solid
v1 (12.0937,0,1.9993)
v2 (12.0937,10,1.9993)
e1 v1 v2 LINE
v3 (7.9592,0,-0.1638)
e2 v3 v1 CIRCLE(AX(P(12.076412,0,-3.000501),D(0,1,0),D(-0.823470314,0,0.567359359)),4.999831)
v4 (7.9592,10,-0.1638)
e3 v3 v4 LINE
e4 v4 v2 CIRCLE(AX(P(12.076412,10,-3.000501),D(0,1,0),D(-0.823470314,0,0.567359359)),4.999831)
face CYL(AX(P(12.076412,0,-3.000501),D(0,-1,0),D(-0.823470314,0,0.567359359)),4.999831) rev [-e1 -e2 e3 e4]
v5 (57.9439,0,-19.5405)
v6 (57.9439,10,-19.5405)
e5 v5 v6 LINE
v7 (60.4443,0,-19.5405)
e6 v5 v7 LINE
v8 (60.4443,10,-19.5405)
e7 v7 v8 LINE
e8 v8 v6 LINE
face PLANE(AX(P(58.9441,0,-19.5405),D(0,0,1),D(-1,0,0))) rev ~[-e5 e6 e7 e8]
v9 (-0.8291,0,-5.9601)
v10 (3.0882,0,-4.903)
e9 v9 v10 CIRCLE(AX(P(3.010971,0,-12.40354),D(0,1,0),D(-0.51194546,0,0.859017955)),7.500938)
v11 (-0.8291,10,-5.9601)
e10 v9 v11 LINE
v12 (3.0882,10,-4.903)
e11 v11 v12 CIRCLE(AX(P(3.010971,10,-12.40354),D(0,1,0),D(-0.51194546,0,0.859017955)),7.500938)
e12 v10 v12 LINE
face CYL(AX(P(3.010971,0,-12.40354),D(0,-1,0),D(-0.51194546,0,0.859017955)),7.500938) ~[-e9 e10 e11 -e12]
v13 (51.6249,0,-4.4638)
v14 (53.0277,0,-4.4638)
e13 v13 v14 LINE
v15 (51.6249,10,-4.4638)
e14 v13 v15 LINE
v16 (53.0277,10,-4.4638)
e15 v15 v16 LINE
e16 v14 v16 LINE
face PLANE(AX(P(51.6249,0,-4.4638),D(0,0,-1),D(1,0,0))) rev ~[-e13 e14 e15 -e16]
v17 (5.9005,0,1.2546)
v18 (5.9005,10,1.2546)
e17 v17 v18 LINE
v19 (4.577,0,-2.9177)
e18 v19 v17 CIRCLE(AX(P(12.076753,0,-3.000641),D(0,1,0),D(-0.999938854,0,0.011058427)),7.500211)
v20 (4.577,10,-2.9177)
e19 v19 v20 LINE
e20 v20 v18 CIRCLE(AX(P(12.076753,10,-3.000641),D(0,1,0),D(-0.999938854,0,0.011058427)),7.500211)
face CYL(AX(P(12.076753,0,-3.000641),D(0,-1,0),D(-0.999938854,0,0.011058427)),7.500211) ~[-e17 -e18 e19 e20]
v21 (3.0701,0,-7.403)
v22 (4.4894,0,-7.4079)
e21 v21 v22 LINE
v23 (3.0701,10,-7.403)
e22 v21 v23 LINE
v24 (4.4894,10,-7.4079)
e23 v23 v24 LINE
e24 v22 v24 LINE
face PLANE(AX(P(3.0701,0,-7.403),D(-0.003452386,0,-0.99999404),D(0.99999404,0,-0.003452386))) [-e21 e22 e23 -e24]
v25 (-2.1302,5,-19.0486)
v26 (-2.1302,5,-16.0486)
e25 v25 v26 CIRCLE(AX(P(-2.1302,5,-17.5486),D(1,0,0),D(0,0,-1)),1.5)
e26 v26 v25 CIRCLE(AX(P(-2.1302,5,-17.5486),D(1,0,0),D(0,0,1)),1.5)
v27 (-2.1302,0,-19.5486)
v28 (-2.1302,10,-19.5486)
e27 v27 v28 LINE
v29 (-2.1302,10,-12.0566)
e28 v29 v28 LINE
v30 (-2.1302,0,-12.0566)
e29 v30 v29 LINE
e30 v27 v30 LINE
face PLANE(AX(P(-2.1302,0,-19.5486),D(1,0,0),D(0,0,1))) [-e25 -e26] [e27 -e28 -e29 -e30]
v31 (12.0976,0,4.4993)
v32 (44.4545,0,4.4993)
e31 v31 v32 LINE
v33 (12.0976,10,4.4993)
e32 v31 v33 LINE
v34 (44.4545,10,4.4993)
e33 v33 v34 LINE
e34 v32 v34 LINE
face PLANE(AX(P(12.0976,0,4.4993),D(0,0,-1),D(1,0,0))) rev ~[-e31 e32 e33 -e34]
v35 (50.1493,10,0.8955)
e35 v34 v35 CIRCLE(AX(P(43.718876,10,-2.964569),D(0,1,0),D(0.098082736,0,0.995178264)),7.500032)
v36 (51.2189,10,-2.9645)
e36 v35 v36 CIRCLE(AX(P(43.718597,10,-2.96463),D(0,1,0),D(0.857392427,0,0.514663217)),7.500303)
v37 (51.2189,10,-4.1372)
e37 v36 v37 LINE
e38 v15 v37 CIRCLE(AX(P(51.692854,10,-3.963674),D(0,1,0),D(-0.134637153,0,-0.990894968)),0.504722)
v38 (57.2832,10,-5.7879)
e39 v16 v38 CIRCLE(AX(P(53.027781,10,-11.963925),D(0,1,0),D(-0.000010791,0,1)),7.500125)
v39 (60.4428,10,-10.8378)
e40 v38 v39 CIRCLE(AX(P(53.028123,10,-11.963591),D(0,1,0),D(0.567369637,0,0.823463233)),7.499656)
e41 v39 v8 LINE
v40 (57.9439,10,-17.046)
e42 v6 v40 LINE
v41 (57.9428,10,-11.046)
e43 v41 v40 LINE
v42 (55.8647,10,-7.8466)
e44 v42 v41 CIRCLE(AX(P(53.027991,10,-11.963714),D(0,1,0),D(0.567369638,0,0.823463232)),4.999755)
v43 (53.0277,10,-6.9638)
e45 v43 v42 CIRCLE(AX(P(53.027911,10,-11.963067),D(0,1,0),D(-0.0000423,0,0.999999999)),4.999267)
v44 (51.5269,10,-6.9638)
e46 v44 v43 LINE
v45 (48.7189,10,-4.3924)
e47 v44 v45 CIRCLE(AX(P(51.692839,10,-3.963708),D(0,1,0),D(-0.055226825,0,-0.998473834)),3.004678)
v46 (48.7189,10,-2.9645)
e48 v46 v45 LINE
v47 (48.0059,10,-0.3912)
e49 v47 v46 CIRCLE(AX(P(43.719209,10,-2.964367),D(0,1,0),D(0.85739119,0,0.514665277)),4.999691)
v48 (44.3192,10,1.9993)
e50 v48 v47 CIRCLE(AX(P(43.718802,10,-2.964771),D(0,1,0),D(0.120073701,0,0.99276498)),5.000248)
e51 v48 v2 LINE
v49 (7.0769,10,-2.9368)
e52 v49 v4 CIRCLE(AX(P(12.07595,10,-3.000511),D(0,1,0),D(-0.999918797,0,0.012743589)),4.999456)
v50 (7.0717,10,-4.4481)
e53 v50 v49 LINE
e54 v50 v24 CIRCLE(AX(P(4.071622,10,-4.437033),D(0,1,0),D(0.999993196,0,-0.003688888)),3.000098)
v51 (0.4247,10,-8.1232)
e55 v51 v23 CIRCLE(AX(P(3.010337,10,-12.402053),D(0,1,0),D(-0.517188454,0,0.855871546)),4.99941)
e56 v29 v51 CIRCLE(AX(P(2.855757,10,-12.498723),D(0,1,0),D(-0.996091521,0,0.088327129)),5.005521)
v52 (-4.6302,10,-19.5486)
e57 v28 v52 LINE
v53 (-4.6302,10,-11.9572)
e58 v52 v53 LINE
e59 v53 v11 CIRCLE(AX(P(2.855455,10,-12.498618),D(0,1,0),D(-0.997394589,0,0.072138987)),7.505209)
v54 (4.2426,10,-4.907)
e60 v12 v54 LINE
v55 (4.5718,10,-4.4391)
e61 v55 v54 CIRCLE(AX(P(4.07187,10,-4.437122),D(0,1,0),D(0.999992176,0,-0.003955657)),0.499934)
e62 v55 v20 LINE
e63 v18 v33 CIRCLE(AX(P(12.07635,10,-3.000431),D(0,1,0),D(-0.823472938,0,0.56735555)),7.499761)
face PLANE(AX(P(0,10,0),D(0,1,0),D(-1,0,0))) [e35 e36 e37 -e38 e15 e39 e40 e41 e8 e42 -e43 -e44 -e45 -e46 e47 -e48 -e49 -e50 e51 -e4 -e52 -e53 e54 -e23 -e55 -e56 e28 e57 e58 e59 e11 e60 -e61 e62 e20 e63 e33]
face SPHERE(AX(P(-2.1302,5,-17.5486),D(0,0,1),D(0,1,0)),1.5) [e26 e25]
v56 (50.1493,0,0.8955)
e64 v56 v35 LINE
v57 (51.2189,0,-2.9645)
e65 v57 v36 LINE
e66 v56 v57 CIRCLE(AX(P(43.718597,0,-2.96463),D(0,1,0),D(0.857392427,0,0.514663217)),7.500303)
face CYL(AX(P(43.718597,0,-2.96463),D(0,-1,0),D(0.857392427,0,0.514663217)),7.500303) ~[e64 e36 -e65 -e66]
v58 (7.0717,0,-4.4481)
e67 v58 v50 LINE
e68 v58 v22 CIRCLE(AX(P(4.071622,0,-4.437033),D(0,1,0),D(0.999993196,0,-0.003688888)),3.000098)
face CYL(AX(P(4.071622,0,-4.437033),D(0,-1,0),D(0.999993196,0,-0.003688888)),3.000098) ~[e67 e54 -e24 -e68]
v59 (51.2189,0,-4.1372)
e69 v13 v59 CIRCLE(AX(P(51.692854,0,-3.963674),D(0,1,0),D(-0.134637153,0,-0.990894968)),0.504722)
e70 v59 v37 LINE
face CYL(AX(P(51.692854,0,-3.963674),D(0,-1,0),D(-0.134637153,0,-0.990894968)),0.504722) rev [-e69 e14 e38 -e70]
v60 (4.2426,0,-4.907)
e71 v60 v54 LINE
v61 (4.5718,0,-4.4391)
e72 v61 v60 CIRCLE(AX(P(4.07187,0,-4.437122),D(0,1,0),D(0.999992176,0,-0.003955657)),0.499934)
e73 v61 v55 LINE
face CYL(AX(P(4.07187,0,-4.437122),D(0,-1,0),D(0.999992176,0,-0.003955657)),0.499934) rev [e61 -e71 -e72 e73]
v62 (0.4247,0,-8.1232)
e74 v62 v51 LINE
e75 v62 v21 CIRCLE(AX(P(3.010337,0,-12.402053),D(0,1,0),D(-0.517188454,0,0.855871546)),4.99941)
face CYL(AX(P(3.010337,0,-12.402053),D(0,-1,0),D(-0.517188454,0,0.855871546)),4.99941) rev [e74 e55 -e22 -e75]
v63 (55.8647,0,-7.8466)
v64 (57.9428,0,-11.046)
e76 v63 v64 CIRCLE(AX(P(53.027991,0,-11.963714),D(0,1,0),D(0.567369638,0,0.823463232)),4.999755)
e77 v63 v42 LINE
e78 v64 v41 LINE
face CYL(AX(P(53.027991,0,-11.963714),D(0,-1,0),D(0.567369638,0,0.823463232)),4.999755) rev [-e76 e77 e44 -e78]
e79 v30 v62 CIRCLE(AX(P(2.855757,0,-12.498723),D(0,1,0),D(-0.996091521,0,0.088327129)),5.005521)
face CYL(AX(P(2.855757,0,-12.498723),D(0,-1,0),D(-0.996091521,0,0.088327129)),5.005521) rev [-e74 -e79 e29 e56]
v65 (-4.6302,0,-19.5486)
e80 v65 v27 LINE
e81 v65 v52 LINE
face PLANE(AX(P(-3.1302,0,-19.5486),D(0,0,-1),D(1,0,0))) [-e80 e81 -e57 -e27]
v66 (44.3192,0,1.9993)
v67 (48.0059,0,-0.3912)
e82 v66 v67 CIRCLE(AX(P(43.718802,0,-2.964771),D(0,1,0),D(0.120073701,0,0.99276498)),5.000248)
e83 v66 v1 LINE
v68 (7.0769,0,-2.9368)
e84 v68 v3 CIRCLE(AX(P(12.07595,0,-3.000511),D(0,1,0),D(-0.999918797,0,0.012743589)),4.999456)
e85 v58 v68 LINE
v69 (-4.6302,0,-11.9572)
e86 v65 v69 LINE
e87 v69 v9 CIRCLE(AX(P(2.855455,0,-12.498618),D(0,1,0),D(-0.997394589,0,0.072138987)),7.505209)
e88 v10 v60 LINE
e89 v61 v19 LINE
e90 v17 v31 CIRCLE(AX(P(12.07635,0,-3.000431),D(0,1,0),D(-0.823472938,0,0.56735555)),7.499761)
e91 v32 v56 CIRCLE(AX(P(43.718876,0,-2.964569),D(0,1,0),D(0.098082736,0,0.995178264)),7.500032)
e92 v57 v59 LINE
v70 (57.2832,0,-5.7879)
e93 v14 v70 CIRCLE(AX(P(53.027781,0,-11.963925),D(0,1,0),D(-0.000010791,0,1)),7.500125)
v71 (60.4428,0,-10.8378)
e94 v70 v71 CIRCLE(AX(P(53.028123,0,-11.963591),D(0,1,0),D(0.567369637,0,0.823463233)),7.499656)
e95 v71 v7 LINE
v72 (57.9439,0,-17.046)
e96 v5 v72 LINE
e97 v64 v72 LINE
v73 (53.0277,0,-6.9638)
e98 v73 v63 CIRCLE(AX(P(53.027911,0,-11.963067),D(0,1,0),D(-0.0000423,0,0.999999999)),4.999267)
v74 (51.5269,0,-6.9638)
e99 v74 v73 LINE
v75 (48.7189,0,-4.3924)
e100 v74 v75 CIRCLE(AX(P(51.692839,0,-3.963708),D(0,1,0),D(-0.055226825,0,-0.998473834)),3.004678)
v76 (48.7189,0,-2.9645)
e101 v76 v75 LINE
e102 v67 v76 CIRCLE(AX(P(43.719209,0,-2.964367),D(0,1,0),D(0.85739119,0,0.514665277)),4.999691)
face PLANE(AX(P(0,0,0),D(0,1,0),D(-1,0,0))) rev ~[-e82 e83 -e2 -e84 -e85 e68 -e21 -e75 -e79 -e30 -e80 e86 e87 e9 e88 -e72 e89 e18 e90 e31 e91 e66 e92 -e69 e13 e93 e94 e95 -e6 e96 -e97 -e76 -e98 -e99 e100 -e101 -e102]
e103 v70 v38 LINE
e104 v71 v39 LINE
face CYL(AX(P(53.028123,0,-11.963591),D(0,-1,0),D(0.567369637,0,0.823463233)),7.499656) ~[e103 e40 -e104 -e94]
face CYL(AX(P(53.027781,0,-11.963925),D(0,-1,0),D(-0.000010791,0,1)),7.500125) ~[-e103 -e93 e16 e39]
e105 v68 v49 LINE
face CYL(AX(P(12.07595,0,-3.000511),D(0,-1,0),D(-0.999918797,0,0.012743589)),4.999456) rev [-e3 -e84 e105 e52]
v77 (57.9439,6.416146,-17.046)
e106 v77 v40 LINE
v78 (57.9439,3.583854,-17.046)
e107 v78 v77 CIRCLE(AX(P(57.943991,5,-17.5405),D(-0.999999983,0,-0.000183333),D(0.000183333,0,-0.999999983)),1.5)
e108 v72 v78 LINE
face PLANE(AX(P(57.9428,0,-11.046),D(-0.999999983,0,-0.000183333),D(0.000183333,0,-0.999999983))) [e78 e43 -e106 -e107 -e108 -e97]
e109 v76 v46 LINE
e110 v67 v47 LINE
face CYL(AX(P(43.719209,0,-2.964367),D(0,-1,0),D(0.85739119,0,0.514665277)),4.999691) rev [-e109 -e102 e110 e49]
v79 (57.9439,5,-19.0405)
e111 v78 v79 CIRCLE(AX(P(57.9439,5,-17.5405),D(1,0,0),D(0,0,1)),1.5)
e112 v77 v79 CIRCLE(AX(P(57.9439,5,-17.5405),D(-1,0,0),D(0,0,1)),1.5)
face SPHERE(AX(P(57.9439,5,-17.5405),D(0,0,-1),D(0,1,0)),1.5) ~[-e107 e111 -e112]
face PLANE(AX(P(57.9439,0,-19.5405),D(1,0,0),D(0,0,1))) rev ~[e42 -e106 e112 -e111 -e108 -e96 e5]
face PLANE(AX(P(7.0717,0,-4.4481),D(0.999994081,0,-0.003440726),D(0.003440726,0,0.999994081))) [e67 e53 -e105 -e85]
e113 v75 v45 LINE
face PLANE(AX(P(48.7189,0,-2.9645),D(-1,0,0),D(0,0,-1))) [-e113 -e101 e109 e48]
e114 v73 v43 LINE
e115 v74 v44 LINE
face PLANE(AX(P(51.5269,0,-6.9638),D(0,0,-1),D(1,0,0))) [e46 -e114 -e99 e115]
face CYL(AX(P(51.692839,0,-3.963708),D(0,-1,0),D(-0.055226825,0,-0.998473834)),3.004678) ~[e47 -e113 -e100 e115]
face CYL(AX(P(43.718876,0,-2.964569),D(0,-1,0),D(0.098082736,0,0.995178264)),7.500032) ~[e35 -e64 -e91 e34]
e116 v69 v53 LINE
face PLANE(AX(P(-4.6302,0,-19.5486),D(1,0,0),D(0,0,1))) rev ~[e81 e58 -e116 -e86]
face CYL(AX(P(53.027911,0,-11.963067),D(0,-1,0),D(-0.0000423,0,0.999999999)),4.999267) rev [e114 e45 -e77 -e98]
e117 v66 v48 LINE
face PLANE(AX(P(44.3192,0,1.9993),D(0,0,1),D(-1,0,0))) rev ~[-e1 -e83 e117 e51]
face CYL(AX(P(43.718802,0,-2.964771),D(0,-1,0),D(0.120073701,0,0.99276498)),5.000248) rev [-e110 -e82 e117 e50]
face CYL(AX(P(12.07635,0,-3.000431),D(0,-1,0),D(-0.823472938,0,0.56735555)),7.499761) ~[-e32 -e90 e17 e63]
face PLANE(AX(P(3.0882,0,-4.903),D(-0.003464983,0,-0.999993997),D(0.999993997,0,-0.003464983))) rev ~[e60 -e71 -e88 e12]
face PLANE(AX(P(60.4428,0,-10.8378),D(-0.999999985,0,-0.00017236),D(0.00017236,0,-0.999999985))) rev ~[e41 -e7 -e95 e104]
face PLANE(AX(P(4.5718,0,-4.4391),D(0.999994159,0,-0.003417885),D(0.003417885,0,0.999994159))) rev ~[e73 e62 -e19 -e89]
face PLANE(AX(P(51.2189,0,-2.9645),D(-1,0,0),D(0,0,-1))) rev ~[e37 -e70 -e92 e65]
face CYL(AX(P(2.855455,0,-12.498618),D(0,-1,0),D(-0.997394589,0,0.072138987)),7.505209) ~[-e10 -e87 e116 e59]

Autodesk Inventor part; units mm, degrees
ref_plane "YZ Plane" through (0, 0, 0) normal (1, 0, 0) x (0, 1, 0)
ref_plane "XZ Plane" through (0, 0, 0) normal (0, 1, 0) x (-1, 0, 0)
ref_plane "XY Plane" through (0, 0, 0) normal (0, 0, 1) x (1, 0, 0)
sketch "Sketch1" plane through (0, 0, 0) normal (0, 1, 0) x (-1, 0, 0)
  arc A0 (-51.5269, -6.9638) -> (-48.7189, -4.3924) centre (-51.6928, -3.9638) ccw
  line L0 (-51.5269, -6.9638) -> (-53.0277, -6.9638)
  arc A1 (-53.0277, -6.9638) -> (-55.8647, -7.8466) centre (-53.0278, -11.9638) ccw
  arc A2 (-48.0059, -0.3912) -> (-48.7189, -2.9645) centre (-43.7189, -2.9645) ccw
  line L1 (-48.7189, -2.9645) -> (-48.7189, -4.3924)
  arc A3 (-44.3192, 1.9993) -> (-48.0059, -0.3912) centre (-43.7189, -2.9645) ccw
  arc A4 (-55.8647, -7.8466) -> (-57.9428, -11.046) centre (-53.0278, -11.9639) ccw
  arc A5 (-7.9592, -0.1638) -> (-12.0937, 1.9993) centre (-12.0765, -3.0006) ccw
  arc A6 (-7.0769, -2.9368) -> (-7.9592, -0.1638) centre (-12.0765, -3.0006) ccw
  arc A7 (-7.0717, -4.4481) -> (-4.4894, -7.4079) centre (-4.0718, -4.4371) ccw
  line L2 (-7.0717, -4.4481) -> (-7.0769, -2.9368)
  arc A8 (-0.4247, -8.1232) -> (-3.0701, -7.403) centre (-3.0107, -12.4029) ccw
  line L3 (-3.0701, -7.403) -> (-4.4894, -7.4079)
  arc A9 (2.1302, -12.0566) -> (-0.4247, -8.1232) centre (-2.8554, -12.4986) ccw
  line L4 (2.1302, -12.0566) -> (2.1302, -17.0566)
  line L5 (-57.9428, -11.046) -> (-57.9439, -17.046)
  line L6 (-57.9439, -17.046) -> (2.1302, -17.0566)
  line L7 (-44.3192, 1.9993) -> (-12.0937, 1.9993)
  arc A10 (-6.0769, -2.9289) -> (-7.1357, 0.4036) centre (-12.0765, -3.0006) ccw
  arc A11 (-7.1357, 0.4036) -> (-12.0953, 2.9993) centre (-12.0765, -3.0006) ccw
  line L8 (-12.0953, 2.9993) -> (-44.3767, 2.9993)
  arc A12 (-44.3767, 2.9993) -> (-48.8633, 0.1235) centre (-43.7189, -2.9645) ccw
  arc A13 (-48.8633, 0.1235) -> (-49.7189, -2.9645) centre (-43.7189, -2.9645) ccw
  line L9 (-49.7189, -2.9645) -> (-49.7189, -4.3135)
  arc A14 (-51.5573, -5.9638) -> (-49.7189, -4.3135) centre (-51.6928, -3.9638) ccw
  line L10 (-51.5573, -5.9638) -> (-53.0277, -5.9638)
  arc A15 (-53.0277, -5.9638) -> (-56.4321, -7.0231) centre (-53.0278, -11.9638) ccw
  arc A16 (-56.4321, -7.0231) -> (-58.9428, -10.9576) centre (-53.0278, -11.9639) ccw
  line L11 (-58.9428, -10.9576) -> (-58.9441, -18.0408)
  line L12 (3.1302, -18.0204) -> (3.1302, -12.0144)
  arc A17 (3.1302, -12.0144) -> (0.0768, -7.258) centre (-2.8554, -12.4986) ccw
  arc A18 (0.0768, -7.258) -> (-3.0776, -6.403) centre (-3.0107, -12.4029) ccw
  line L13 (-3.0776, -6.403) -> (-4.4139, -6.4076)
  arc A19 (-6.0717, -4.4446) -> (-4.4139, -6.4076) centre (-4.0718, -4.4371) ccw
  line L14 (-6.0717, -4.4446) -> (-6.0769, -2.9289)
  arc A20 (-4.577, -2.9177) -> (-5.9005, 1.2546) centre (-12.0765, -3.0006) ccw
  arc A21 (-5.9005, 1.2546) -> (-12.0976, 4.4993) centre (-12.0765, -3.0006) ccw
  line L15 (-12.0976, 4.4993) -> (-44.4545, 4.4993)
  arc A22 (-44.4545, 4.4993) -> (-50.1493, 0.8955) centre (-43.7189, -2.9645) ccw
  arc A23 (-50.1493, 0.8955) -> (-51.2189, -2.9645) centre (-43.7189, -2.9645) ccw
  line L16 (-51.2189, -2.9645) -> (-51.2189, -4.1372)
  arc A24 (-51.6249, -4.4638) -> (-51.2189, -4.1372) centre (-51.6928, -3.9638) ccw
  line L17 (-51.6249, -4.4638) -> (-53.0277, -4.4638)
  arc A25 (-53.0277, -4.4638) -> (-57.2832, -5.7879) centre (-53.0278, -11.9638) ccw
  arc A26 (-57.2832, -5.7879) -> (-60.4428, -10.8378) centre (-53.0278, -11.9639) ccw
  line L18 (-60.4428, -10.8378) -> (-60.4443, -19.5405)
  line L19 (4.6302, -19.5486) -> (4.6302, -11.9572)
  arc A27 (4.6302, -11.9572) -> (0.8291, -5.9601) centre (-2.8554, -12.4986) ccw
  arc A28 (0.8291, -5.9601) -> (-3.0882, -4.903) centre (-3.0107, -12.4029) ccw
  line L20 (-3.0882, -4.903) -> (-4.2426, -4.907)
  arc A29 (-4.5718, -4.4391) -> (-4.2426, -4.907) centre (-4.0718, -4.4371) ccw
  line L21 (-4.5718, -4.4391) -> (-4.577, -2.9177)
  line L22 (3.1302, -18.0204) -> (3.1302, -19.5486)
  line L23 (3.1302, -18.0204) -> (4.6584, -18.0204) construction
  line L24 (3.1302, -19.5486) -> (4.6302, -19.5486)
  line L25 (-58.9441, -18.0408) -> (-58.9441, -19.5405)
  line L26 (-58.9441, -19.5405) -> (-60.4443, -19.5405)
  line L27 (-58.9441, -19.5405) -> (-57.9439, -19.5405)
  line L28 (-57.9439, -19.5405) -> (-57.9439, -17.046)
  line L29 (3.1302, -19.5486) -> (2.1302, -19.5486)
  line L30 (2.1302, -19.5486) -> (2.1302, -17.0566)
  point P0 (0, 0)
  point P1 (0, 0)
  dimension "d5" = 5
  dimension "d6" = 6
  dimension "d8" = 3
  dimension "d11" = 1
  dimension "d12" = 1.5
  dimension "d13" = 90
  dimension "d16" = 1
extrude "Extrusion2" add sketch "Sketch1" along normal blind 10 contours L0 A1 A4 L5 L28 L27 L25 L11 A16 A15 L10 A14 L9 A13 A12 L8 A11 A10 L14 A19 L13 A18 A17 L12 L22 L29 L30 L4 A9 A8 L3 A7 L2 A6 A5 L7 A3 A2 L1 A0 | L26 L18 A26 A25 L17 A24 L16 A23 A22 L15 A21 A20 L21 A29 L20 A28 A27 L19 L24 L22 L12 A17 A18 L13 A19 L14 A10 A11 L8 A12 A13 L9 A14 L10 A15 A16 L11 L25
sketch "Sketch2" plane through (-2.1302, 0, -12.0566) normal (1, 0, 0) x (0, 0, -1)
  line L0 (7.492, 0) -> (7.492, 10) projected
  line L1 (7.492, 5) -> (5.492, 5)
  arc A0 (6.992, 5) -> (3.992, 5) centre (5.492, 5) ccw
  line L2 (5.492, 5) -> (3.992, 5)
  point P0 (-12.0566, 0)
  dimension "d19" = 2
  dimension "d21" = 1.5
revolve "Revolution1" add sketch "Sketch2" angle 360 about axis through (-2.1302, 5, -19.5486) along (0, 0, 1)
sketch "Sketch3" plane through (57.9439, 0, -19.5405) normal (-1, 0, 0) x (0, 0, 1)
  line L0 (0, 0) -> (0, 10) projected
  line L1 (0, 5) -> (2, 5)
  arc A0 (3.5, 5) -> (0.5, 5) centre (2, 5) ccw
  line L2 (2, 5) -> (3.5, 5)
  point P0 (19.5405, 0)
  point P1 (2, 5)
  dimension "d23" = 2
  dimension "d24" = 1.5
revolve "Revolution2" add sketch "Sketch3" angle 360 about axis through (57.9439, 5, -19.5405) along (0, 0, 1)
properties part number "NEMA23_Shroud_Cover"
